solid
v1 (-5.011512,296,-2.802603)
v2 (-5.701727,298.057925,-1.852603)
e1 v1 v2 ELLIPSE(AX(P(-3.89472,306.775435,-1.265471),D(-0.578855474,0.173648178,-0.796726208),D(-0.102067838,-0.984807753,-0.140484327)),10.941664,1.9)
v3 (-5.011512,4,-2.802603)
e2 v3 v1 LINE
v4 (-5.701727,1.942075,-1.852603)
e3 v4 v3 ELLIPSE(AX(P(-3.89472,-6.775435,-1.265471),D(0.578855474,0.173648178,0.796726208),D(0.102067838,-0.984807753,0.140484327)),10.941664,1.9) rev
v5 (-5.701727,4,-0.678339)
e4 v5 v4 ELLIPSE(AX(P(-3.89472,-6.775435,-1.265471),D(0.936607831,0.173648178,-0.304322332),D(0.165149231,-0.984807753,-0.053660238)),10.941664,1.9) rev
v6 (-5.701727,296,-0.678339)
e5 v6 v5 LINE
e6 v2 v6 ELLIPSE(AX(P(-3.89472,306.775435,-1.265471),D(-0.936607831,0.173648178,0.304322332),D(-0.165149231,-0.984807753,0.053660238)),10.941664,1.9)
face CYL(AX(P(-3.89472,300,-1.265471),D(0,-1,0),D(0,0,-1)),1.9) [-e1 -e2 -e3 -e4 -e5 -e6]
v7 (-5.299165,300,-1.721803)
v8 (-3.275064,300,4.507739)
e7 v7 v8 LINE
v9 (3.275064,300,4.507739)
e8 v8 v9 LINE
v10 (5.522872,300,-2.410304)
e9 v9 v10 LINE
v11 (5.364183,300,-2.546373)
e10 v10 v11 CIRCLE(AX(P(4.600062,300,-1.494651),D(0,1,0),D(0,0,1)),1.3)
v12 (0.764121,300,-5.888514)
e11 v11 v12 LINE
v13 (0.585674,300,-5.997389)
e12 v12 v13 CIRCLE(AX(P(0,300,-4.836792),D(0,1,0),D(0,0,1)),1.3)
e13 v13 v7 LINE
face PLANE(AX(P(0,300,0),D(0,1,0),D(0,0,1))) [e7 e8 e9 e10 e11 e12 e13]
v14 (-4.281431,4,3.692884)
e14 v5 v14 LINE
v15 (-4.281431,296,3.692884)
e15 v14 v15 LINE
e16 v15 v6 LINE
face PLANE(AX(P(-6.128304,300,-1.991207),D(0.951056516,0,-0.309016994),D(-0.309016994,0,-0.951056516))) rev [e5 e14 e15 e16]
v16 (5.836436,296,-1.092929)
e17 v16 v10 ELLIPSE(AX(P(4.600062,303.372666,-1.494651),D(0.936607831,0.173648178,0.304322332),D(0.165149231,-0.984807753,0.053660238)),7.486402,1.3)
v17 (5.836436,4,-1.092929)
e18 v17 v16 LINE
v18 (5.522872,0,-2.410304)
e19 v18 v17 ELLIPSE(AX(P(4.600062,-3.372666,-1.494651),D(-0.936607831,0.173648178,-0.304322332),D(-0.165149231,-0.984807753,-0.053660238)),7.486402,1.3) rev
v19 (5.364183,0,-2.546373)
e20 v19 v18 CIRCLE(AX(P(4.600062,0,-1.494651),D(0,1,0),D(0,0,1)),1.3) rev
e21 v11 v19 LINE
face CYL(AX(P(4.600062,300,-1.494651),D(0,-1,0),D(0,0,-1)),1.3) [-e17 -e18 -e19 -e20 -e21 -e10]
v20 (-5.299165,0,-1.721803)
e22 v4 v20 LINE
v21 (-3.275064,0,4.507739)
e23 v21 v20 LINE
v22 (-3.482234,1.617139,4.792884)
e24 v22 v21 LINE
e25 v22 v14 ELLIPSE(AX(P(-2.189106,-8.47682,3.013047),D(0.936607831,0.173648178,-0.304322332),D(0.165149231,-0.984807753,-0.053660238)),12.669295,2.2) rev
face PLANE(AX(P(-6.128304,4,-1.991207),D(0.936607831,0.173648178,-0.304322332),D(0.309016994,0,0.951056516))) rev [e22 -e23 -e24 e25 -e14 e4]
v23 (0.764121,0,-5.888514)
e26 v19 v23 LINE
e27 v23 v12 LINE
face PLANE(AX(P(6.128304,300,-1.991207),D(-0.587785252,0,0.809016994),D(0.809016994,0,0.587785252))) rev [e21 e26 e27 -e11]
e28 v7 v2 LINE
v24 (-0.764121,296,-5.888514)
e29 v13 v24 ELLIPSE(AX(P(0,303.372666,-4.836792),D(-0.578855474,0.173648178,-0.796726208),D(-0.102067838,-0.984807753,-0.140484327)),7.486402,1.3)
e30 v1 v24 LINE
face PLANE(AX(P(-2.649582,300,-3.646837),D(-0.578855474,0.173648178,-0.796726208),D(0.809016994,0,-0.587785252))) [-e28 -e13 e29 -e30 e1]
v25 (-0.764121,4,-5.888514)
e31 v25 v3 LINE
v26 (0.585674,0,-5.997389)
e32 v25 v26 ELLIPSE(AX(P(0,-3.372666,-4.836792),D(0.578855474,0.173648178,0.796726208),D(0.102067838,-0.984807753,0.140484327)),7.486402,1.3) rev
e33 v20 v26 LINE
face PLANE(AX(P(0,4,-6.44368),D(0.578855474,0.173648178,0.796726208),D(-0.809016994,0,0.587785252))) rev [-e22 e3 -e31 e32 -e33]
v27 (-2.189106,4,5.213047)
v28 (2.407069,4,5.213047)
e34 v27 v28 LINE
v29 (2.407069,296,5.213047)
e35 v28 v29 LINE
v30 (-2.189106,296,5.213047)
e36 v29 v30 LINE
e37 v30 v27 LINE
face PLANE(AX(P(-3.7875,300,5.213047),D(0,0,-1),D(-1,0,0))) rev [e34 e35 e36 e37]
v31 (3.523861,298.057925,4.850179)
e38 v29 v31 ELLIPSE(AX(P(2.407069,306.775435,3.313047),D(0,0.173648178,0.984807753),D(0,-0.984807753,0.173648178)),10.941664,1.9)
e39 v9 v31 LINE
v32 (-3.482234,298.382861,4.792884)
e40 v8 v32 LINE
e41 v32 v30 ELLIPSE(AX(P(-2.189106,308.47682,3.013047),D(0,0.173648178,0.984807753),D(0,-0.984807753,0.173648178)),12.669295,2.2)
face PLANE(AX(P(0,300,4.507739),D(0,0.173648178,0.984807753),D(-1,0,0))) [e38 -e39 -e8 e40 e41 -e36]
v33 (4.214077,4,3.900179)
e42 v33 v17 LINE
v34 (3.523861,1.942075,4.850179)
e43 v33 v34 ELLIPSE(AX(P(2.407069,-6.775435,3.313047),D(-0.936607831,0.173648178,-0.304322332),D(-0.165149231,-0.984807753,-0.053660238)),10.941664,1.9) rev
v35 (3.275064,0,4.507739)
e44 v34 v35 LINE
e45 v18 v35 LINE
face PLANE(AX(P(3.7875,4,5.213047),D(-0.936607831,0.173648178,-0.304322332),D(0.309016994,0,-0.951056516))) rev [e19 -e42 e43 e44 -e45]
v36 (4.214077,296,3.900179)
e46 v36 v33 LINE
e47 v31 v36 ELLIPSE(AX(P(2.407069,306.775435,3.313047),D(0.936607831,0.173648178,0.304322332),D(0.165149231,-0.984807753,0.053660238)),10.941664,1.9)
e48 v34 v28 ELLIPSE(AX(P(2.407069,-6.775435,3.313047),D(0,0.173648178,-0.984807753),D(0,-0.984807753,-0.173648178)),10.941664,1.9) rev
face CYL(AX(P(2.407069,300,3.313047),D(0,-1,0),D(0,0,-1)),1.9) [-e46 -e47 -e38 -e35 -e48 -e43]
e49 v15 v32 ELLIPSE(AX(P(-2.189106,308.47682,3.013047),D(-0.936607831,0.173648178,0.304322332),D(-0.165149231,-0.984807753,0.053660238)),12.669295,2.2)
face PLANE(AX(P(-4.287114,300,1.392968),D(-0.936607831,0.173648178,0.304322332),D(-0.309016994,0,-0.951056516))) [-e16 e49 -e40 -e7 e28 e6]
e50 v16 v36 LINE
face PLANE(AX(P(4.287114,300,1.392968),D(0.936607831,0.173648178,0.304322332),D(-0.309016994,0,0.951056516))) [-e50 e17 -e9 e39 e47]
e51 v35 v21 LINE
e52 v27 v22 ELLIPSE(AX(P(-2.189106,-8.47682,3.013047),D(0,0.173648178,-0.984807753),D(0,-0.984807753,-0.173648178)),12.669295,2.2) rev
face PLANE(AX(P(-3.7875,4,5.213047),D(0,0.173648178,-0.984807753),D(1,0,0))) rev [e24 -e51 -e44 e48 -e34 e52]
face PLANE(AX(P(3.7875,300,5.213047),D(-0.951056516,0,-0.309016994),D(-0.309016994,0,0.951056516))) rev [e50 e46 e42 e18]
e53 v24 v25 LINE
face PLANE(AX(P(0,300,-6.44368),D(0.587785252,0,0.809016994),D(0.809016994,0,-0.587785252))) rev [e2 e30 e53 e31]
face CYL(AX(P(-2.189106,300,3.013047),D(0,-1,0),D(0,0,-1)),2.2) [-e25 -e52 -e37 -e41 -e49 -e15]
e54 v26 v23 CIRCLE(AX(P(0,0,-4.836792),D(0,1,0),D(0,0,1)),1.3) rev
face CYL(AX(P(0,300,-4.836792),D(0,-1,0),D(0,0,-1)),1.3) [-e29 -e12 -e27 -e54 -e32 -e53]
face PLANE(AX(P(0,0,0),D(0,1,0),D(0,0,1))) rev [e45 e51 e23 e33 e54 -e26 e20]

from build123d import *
from OCP.BRepFilletAPI import BRepFilletAPI_MakeChamfer

# Parameters (mm, degrees)
BOSS_EXTRUDE1_DEPTH = 300
CHAMFER1_SIZE       = 4
CHAMFER1_SIZE2      = 0.705307923
FILLET2_R           = 1.9
FILLET3_R           = 1.3
FILLET4_R           = 2.2


with BuildPart() as part:
    # Sketch1 → Boss-Extrude1 (new body)
    with BuildSketch(Plane(origin=(0, 0, 0), x_dir=(1, 0, 0), z_dir=(0, 1, 0))):
        Polygon((0, 6.443679873), (-6.128303732, 1.991206587), (-3.7875, -5.213046524), (3.7875, -5.213046524), (6.128303732, 1.991206587), align=None)
    extrude(amount=BOSS_EXTRUDE1_DEPTH)

    # Chamfer1: one chamfer whose edges measure the first distance from different faces: ONE call of the kernel's chamfer builder (chamfer() names one face for all edges)
    chamfer1_edges_1 = [part.edges().sort_by_distance(p)[0] for p in [
        (-4.957901866, 300, 1.610919968),
        (-4.957901866, 0, 1.610919968),
    ]]
    chamfer1_side_1 = [part.faces().sort_by_distance(p)[0] for p in [
        (-4.957901866, 150, 1.610919968),
    ]]
    chamfer1_edges_2 = [part.edges().sort_by_distance(p)[0] for p in [
        (0, 300, 5.213046524),
        (0, 0, 5.213046524),
    ]]
    chamfer1_side_2 = [part.faces().sort_by_distance(p)[0] for p in [
        (0, 150, 5.213046524),
    ]]
    chamfer1_edges_3 = [part.edges().sort_by_distance(p)[0] for p in [
        (4.957901866, 300, 1.610919968),
        (4.957901866, 0, 1.610919968),
    ]]
    chamfer1_side_3 = [part.faces().sort_by_distance(p)[0] for p in [
        (4.957901866, 150, 1.610919968),
    ]]
    chamfer1_edges_4 = [part.edges().sort_by_distance(p)[0] for p in [
        (-3.064151866, 0, -4.21744323),
        (-3.064151866, 300, -4.21744323),
    ]]
    chamfer1_side_4 = [part.faces().sort_by_distance(p)[0] for p in [
        (-3.064151866, 150, -4.21744323),
    ]]
    chamfer1 = BRepFilletAPI_MakeChamfer(part.part.solid().wrapped)
    for e in chamfer1_edges_1:
        chamfer1.Add(CHAMFER1_SIZE, CHAMFER1_SIZE2, e.wrapped, chamfer1_side_1[0].wrapped)  # the first distance lies on this face
    for e in chamfer1_edges_2:
        chamfer1.Add(CHAMFER1_SIZE, CHAMFER1_SIZE2, e.wrapped, chamfer1_side_2[0].wrapped)  # the first distance lies on this face
    for e in chamfer1_edges_3:
        chamfer1.Add(CHAMFER1_SIZE, CHAMFER1_SIZE2, e.wrapped, chamfer1_side_3[0].wrapped)  # the first distance lies on this face
    for e in chamfer1_edges_4:
        chamfer1.Add(CHAMFER1_SIZE, CHAMFER1_SIZE2, e.wrapped, chamfer1_side_4[0].wrapped)  # the first distance lies on this face
    add(Compound.cast(chamfer1.Shape()), mode=Mode.REPLACE)

    # Fillet2
    fillet2_edges = [part.edges().sort_by_distance(p)[0] for p in [
        (3.7875, 150, 5.213046524),
        (-6.128303732, 150, -1.991206587),
    ]]
    fillet(fillet2_edges, radius=FILLET2_R)

    # Fillet3
    fillet3_edges = [part.edges().sort_by_distance(p)[0] for p in [
        (6.128303732, 150, -1.991206587),
        (0, 150, -6.443679873),
    ]]
    fillet(fillet3_edges, radius=FILLET3_R)

    # Fillet4
    fillet4_edges = [part.edges().sort_by_distance(p)[0] for p in [
        (-3.7875, 150, 5.213046524),
    ]]
    fillet(fillet4_edges, radius=FILLET4_R)


solid = part.part
